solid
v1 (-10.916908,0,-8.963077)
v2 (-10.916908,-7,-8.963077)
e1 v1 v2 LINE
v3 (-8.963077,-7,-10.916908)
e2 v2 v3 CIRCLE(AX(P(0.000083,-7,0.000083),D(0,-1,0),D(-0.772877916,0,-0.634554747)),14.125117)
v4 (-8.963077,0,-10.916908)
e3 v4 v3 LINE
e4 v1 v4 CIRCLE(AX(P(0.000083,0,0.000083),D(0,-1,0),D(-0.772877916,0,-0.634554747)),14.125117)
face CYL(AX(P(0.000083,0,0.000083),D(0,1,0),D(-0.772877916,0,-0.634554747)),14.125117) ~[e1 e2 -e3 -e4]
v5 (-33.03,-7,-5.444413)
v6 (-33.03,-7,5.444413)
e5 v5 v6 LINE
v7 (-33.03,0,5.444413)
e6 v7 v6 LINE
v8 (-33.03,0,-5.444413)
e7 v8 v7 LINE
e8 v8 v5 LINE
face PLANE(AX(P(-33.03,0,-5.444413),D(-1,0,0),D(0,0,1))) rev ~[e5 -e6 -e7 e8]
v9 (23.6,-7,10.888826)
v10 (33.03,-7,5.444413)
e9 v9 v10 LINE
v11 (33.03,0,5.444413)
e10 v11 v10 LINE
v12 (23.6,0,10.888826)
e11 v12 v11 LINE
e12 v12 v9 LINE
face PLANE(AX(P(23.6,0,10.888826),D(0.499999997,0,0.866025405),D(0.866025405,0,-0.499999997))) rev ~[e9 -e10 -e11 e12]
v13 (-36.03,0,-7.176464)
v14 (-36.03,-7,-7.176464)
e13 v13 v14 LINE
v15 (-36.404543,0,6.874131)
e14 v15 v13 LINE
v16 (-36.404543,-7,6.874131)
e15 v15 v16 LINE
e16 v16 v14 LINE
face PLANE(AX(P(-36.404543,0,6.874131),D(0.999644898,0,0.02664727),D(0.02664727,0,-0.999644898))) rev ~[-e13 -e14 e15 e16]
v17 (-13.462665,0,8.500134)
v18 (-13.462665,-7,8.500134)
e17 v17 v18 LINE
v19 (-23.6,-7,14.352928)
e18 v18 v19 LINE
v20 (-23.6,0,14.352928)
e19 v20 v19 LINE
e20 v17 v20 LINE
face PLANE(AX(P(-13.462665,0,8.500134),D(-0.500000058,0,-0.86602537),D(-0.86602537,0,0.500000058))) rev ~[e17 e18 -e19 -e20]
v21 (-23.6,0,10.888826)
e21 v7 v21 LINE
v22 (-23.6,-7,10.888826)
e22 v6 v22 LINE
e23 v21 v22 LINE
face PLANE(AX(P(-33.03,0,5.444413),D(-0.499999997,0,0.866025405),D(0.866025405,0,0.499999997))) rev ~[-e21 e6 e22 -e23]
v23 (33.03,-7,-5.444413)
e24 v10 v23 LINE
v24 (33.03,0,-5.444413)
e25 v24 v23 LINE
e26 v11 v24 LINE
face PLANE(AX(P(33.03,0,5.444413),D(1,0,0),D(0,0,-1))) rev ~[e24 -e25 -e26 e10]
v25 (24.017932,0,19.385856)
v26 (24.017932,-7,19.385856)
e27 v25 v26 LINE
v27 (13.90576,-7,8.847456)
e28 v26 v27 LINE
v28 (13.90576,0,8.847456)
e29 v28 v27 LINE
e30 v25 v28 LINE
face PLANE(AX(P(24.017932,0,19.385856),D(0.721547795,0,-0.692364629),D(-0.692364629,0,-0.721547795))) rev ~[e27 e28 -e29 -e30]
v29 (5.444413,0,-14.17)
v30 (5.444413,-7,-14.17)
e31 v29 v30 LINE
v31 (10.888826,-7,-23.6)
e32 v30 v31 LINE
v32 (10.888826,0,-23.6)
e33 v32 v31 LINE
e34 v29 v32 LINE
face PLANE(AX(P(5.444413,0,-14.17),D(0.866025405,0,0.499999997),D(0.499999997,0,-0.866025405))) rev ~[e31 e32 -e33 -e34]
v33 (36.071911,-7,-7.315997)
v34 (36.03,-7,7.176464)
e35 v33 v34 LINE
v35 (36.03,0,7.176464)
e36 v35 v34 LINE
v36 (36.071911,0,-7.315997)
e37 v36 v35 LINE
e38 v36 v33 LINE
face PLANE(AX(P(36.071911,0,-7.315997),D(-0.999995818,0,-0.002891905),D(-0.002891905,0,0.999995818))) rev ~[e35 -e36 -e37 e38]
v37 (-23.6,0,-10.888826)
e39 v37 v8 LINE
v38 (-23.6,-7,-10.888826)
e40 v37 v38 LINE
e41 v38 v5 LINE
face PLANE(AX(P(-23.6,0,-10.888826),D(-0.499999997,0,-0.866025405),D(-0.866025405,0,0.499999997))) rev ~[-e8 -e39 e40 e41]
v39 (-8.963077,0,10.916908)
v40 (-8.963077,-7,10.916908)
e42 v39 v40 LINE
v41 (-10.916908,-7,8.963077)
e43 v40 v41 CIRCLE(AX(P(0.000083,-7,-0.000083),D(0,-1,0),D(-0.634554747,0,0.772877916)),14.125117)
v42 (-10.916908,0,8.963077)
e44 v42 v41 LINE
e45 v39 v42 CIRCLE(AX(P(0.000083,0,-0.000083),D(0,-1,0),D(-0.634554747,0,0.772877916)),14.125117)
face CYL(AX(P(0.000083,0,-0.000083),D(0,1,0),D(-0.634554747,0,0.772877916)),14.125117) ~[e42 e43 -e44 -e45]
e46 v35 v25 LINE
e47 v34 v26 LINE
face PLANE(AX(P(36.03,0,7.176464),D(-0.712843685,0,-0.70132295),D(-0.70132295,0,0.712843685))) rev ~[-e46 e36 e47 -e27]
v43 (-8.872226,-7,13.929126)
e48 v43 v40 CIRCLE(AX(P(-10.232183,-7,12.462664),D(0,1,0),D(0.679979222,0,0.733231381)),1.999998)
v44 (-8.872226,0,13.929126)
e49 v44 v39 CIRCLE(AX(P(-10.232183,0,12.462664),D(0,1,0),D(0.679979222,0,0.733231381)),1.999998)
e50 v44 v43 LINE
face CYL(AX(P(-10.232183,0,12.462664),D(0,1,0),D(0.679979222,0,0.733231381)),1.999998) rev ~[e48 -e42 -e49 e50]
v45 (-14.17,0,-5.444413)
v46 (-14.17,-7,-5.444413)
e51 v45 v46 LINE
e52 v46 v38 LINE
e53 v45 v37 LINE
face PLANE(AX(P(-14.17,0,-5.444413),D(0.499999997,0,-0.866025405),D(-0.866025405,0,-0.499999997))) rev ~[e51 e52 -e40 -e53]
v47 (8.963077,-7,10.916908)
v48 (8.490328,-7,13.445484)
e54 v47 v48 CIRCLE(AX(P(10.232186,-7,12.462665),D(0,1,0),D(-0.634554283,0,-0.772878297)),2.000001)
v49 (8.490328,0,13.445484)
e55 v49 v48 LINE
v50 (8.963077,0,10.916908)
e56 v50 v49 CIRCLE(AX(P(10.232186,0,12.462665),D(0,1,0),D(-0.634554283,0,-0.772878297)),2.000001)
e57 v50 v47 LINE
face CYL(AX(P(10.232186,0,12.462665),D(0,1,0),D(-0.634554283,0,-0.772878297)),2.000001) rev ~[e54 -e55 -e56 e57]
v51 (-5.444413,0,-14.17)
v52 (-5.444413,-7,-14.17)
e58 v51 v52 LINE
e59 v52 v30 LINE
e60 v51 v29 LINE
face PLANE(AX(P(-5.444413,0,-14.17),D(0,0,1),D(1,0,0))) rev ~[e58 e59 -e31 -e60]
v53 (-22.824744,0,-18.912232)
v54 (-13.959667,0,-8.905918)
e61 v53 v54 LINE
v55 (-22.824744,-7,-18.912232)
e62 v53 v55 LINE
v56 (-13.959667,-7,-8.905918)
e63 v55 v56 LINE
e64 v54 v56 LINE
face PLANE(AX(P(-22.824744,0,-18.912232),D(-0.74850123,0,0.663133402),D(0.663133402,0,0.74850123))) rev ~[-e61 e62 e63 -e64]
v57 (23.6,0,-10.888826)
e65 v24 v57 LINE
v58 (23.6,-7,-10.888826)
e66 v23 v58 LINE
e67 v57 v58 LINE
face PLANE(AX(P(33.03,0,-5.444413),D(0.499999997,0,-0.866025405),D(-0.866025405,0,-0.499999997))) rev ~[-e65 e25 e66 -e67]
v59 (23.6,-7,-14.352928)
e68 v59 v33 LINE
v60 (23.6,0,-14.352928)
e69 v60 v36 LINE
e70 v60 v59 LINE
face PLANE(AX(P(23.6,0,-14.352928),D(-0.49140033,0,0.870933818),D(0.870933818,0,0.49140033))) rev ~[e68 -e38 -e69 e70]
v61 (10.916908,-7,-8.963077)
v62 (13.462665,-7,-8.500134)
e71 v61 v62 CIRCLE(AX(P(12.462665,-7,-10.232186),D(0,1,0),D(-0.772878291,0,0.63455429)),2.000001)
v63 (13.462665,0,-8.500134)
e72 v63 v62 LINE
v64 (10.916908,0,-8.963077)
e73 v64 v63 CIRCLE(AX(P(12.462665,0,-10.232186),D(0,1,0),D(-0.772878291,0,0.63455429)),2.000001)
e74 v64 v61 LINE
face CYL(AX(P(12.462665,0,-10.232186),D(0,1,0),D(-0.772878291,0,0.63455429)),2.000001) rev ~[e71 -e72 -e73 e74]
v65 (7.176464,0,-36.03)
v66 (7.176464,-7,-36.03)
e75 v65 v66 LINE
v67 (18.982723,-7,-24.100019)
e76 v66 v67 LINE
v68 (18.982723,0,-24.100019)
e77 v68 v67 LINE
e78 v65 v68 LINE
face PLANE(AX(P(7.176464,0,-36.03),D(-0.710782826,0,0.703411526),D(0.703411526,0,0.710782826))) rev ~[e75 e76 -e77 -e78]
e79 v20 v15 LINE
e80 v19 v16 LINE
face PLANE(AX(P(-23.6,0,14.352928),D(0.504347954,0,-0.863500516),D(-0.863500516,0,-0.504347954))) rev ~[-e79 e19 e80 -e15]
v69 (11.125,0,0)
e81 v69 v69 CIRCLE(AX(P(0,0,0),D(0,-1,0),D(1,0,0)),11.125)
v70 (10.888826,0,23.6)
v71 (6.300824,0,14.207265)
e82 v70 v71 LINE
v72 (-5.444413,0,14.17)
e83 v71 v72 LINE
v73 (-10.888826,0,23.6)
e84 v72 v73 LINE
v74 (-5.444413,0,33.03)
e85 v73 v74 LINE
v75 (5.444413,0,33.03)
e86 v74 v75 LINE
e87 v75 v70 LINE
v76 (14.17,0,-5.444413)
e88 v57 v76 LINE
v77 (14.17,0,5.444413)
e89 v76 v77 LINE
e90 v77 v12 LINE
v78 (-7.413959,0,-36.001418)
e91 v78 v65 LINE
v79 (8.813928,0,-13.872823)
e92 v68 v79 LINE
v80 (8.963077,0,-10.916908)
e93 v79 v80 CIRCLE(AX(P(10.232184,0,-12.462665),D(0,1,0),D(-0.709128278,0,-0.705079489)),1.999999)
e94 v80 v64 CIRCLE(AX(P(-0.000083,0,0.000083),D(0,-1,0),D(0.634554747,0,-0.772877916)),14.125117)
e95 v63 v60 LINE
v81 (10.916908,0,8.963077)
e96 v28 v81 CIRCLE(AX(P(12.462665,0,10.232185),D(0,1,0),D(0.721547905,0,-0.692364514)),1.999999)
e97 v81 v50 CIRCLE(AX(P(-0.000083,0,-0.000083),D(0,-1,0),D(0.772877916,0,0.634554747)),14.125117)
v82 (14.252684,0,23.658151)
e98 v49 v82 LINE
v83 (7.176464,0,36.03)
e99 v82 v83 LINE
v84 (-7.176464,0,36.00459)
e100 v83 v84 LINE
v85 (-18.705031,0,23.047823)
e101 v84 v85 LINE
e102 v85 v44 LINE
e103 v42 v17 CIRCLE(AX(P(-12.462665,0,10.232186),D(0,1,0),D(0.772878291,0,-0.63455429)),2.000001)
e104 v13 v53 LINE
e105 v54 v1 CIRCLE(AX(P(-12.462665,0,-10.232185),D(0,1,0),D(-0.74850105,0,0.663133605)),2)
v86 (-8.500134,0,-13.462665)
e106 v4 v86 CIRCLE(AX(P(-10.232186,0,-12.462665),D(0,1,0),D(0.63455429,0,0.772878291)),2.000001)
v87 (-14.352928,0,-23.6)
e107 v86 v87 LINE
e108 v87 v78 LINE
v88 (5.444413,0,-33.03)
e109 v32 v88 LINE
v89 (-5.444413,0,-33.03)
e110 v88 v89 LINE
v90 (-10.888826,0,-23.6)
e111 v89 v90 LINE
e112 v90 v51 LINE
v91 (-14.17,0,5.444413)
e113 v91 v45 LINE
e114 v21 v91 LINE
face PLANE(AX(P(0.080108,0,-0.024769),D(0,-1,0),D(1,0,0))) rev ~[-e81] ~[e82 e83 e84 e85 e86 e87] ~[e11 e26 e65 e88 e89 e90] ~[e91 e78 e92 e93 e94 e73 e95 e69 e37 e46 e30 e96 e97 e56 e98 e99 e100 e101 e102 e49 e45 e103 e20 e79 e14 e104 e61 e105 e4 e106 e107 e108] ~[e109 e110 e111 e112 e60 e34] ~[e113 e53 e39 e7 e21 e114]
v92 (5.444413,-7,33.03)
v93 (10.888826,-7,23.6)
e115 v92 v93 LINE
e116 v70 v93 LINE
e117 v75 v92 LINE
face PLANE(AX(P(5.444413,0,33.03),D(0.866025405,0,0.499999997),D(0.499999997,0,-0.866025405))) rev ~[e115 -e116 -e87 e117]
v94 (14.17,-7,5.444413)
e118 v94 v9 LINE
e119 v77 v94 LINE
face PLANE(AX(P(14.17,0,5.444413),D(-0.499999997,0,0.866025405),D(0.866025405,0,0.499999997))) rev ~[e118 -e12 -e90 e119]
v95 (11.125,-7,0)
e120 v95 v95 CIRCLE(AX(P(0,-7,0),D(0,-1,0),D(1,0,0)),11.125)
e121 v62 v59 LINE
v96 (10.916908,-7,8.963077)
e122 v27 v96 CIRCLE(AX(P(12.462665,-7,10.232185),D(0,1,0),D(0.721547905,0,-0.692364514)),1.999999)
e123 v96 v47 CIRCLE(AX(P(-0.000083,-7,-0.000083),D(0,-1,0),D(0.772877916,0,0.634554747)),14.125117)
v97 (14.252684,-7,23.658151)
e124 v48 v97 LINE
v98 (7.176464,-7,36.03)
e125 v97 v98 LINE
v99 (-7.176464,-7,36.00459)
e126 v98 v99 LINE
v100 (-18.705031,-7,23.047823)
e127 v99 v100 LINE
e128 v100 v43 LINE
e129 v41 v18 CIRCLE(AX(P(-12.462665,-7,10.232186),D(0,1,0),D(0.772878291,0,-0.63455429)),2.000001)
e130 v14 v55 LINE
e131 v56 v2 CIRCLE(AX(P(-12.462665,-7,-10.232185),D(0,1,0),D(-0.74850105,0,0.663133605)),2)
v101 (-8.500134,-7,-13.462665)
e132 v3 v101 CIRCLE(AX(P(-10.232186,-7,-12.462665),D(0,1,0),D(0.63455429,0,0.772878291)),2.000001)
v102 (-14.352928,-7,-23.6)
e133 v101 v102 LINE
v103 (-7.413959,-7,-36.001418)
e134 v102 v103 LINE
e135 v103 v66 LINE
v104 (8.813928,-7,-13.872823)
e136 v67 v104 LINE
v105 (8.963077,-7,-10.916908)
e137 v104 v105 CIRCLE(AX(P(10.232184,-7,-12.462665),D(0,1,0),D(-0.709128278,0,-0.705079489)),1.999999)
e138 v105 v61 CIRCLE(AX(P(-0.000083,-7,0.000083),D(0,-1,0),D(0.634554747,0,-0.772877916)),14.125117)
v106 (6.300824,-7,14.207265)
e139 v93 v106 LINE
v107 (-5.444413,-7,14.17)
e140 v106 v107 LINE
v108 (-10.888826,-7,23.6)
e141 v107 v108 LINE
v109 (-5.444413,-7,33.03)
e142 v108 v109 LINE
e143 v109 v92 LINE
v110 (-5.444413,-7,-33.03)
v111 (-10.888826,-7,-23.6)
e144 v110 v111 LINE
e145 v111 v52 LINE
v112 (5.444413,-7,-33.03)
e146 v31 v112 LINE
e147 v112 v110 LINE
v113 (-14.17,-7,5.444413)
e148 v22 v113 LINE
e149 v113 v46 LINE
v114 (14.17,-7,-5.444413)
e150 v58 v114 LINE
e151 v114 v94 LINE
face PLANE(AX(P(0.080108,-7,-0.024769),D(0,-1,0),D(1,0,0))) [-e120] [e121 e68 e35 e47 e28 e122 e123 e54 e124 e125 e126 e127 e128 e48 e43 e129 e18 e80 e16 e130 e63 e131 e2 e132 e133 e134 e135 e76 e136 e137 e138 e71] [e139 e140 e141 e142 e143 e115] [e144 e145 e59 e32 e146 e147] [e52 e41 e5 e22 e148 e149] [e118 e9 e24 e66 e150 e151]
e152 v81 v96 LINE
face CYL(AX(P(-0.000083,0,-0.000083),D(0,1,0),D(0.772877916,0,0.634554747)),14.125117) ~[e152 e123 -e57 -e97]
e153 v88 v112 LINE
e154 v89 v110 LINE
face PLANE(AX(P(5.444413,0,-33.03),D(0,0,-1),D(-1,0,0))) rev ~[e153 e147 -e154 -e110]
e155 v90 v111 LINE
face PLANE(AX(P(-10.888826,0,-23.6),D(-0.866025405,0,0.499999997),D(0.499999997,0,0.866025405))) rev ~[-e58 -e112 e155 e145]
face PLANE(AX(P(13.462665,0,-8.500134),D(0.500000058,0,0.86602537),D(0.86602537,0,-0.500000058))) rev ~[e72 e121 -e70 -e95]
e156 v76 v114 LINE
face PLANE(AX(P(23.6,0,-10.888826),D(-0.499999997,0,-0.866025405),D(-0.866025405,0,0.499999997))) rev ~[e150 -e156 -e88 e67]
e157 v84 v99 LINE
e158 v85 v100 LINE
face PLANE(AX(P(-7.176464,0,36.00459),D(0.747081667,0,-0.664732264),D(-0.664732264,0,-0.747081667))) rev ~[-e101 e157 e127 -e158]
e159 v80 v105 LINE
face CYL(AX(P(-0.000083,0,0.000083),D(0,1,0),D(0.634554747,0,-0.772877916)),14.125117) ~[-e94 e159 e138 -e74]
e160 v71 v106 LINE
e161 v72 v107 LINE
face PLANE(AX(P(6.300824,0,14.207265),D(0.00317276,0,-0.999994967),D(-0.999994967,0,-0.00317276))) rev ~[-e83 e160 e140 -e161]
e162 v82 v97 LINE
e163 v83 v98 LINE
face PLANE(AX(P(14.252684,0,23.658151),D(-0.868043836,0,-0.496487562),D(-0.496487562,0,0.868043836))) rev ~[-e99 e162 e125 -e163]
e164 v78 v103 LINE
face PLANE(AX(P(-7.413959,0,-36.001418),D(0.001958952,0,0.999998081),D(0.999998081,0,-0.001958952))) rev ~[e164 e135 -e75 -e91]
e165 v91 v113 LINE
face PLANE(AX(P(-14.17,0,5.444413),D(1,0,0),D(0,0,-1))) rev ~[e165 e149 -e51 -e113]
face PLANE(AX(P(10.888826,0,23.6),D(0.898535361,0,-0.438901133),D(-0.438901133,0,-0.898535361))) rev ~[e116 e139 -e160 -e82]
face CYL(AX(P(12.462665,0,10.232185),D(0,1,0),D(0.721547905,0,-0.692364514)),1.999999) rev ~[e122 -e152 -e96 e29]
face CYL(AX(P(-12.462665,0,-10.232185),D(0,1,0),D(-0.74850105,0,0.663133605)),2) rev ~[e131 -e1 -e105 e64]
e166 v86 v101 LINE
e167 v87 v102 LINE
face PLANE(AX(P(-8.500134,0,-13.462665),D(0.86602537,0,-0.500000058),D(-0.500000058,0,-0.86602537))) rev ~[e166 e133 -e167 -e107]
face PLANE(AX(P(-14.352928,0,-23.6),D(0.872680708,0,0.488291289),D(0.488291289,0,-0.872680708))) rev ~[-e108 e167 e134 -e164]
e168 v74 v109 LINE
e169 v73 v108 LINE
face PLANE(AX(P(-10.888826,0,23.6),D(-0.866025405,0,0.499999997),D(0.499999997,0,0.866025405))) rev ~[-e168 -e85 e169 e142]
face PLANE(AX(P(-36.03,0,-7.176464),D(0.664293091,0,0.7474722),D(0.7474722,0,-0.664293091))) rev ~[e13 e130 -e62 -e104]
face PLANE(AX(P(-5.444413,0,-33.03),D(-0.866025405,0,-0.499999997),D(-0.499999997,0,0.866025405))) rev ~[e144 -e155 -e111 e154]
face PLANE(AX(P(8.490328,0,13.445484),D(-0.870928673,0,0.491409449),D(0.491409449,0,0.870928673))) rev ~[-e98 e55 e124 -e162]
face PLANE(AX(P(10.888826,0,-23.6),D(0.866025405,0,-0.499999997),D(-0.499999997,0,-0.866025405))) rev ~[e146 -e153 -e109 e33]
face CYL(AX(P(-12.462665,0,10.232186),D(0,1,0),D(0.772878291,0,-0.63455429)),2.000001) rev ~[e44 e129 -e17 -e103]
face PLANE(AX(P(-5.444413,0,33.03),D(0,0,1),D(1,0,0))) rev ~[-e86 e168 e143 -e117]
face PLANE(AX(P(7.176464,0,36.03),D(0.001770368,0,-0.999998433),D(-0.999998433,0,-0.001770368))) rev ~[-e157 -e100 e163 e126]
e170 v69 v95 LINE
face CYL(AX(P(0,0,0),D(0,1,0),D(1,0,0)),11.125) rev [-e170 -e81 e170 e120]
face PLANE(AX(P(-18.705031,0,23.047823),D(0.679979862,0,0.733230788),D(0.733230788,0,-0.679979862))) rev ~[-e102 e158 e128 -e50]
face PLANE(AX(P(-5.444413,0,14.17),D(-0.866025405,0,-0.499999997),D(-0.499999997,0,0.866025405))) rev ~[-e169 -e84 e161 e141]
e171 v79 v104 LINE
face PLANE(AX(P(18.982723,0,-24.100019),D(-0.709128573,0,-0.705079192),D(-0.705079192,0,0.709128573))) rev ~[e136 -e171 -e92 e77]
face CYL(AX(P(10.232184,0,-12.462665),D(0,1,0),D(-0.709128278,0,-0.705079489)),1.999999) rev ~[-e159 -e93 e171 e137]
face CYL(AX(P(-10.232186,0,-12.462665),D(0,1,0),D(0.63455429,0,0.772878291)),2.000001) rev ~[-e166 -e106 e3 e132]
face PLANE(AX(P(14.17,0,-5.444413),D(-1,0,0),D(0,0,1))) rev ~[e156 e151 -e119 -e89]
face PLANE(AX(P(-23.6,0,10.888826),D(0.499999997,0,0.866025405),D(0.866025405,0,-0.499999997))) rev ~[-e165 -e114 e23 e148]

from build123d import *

# Parameters (mm, degrees)
F0_R     = 11.125
F1_DEPTH = 7


with BuildPart() as f1:
    # F0 (on Front) → F1 (new body)
    with BuildSketch(Plane.XZ):
        with BuildLine():
            Line((7.176464, 36.03), (-7.176464, 36.00459))
            Line((-7.176464, 36.00459), (-18.705031, 23.047823))
            Line((-18.705031, 23.047823), (-8.872226, 13.929126))
            ThreePointArc((-8.872226, 13.929126), (-8.233094, 12.40237), (-8.963077, 10.916908))
            ThreePointArc((-8.963077, 10.916908), (-9.987883, 9.987883), (-10.916908, 8.963077))
            ThreePointArc((-10.916908, 8.963077), (-12.104836, 8.264456), (-13.462665, 8.500134))
            Line((-13.462665, 8.500134), (-23.6, 14.352928))
            Line((-23.6, 14.352928), (-36.404543, 6.874131))
            Line((-36.404543, 6.874131), (-36.03, -7.176464))
            Line((-36.03, -7.176464), (-22.824744, -18.912232))
            Line((-22.824744, -18.912232), (-13.959667, -8.905918))
            ThreePointArc((-13.959667, -8.905918), (-12.425101, -8.232538), (-10.916908, -8.963077))
            ThreePointArc((-10.916908, -8.963077), (-9.987883, -9.987883), (-8.963077, -10.916908))
            ThreePointArc((-8.963077, -10.916908), (-8.264456, -12.104836), (-8.500134, -13.462665))
            Line((-8.500134, -13.462665), (-14.352928, -23.6))
            Line((-14.352928, -23.6), (-7.413959, -36.001418))
            Line((-7.413959, -36.001418), (7.176464, -36.03))
            Line((7.176464, -36.03), (18.982723, -24.100019))
            Line((18.982723, -24.100019), (8.813928, -13.872823))
            ThreePointArc((8.813928, -13.872823), (8.234726, -12.361877), (8.963077, -10.916908))
            ThreePointArc((8.963077, -10.916908), (9.987883, -9.987883), (10.916908, -8.963077))
            ThreePointArc((10.916908, -8.963077), (12.104836, -8.264456), (13.462665, -8.500134))
            Line((13.462665, -8.500134), (23.6, -14.352928))
            Line((23.6, -14.352928), (36.071911, -7.315997))
            Line((36.071911, -7.315997), (36.03, 7.176464))
            Line((36.03, 7.176464), (24.017932, 19.385856))
            Line((24.017932, 19.385856), (13.90576, 8.847456))
            ThreePointArc((13.90576, 8.847456), (12.385354, 8.23368), (10.916908, 8.963077))
            ThreePointArc((10.916908, 8.963077), (9.987883, 9.987883), (8.963077, 10.916908))
            ThreePointArc((8.963077, 10.916908), (8.26625, 12.095108), (8.490328, 13.445484))
            Line((8.490328, 13.445484), (14.252684, 23.658151))
            Line((14.252684, 23.658151), (7.176464, 36.03))
        make_face()
        Polygon((5.444413, -33.03), (-5.444413, -33.03), (-10.888826, -23.6), (-5.444413, -14.17), (5.444413, -14.17), (10.888826, -23.6), align=None, mode=Mode.SUBTRACT)
        Polygon((-33.03, -5.444413), (-33.03, 5.444413), (-23.6, 10.888826), (-14.17, 5.444413), (-14.17, -5.444413), (-23.6, -10.888826), align=None, mode=Mode.SUBTRACT)
        Circle(F0_R, mode=Mode.SUBTRACT)
        Polygon((33.03, 5.444413), (33.03, -5.444413), (23.6, -10.888826), (14.17, -5.444413), (14.17, 5.444413), (23.6, 10.888826), align=None, mode=Mode.SUBTRACT)
        Polygon((-10.888826, 23.6), (-5.444413, 33.03), (5.444413, 33.03), (10.888826, 23.6), (6.300824, 14.207265), (-5.444413, 14.17), align=None, mode=Mode.SUBTRACT)
    extrude(amount=F1_DEPTH)


solid = f1.part
